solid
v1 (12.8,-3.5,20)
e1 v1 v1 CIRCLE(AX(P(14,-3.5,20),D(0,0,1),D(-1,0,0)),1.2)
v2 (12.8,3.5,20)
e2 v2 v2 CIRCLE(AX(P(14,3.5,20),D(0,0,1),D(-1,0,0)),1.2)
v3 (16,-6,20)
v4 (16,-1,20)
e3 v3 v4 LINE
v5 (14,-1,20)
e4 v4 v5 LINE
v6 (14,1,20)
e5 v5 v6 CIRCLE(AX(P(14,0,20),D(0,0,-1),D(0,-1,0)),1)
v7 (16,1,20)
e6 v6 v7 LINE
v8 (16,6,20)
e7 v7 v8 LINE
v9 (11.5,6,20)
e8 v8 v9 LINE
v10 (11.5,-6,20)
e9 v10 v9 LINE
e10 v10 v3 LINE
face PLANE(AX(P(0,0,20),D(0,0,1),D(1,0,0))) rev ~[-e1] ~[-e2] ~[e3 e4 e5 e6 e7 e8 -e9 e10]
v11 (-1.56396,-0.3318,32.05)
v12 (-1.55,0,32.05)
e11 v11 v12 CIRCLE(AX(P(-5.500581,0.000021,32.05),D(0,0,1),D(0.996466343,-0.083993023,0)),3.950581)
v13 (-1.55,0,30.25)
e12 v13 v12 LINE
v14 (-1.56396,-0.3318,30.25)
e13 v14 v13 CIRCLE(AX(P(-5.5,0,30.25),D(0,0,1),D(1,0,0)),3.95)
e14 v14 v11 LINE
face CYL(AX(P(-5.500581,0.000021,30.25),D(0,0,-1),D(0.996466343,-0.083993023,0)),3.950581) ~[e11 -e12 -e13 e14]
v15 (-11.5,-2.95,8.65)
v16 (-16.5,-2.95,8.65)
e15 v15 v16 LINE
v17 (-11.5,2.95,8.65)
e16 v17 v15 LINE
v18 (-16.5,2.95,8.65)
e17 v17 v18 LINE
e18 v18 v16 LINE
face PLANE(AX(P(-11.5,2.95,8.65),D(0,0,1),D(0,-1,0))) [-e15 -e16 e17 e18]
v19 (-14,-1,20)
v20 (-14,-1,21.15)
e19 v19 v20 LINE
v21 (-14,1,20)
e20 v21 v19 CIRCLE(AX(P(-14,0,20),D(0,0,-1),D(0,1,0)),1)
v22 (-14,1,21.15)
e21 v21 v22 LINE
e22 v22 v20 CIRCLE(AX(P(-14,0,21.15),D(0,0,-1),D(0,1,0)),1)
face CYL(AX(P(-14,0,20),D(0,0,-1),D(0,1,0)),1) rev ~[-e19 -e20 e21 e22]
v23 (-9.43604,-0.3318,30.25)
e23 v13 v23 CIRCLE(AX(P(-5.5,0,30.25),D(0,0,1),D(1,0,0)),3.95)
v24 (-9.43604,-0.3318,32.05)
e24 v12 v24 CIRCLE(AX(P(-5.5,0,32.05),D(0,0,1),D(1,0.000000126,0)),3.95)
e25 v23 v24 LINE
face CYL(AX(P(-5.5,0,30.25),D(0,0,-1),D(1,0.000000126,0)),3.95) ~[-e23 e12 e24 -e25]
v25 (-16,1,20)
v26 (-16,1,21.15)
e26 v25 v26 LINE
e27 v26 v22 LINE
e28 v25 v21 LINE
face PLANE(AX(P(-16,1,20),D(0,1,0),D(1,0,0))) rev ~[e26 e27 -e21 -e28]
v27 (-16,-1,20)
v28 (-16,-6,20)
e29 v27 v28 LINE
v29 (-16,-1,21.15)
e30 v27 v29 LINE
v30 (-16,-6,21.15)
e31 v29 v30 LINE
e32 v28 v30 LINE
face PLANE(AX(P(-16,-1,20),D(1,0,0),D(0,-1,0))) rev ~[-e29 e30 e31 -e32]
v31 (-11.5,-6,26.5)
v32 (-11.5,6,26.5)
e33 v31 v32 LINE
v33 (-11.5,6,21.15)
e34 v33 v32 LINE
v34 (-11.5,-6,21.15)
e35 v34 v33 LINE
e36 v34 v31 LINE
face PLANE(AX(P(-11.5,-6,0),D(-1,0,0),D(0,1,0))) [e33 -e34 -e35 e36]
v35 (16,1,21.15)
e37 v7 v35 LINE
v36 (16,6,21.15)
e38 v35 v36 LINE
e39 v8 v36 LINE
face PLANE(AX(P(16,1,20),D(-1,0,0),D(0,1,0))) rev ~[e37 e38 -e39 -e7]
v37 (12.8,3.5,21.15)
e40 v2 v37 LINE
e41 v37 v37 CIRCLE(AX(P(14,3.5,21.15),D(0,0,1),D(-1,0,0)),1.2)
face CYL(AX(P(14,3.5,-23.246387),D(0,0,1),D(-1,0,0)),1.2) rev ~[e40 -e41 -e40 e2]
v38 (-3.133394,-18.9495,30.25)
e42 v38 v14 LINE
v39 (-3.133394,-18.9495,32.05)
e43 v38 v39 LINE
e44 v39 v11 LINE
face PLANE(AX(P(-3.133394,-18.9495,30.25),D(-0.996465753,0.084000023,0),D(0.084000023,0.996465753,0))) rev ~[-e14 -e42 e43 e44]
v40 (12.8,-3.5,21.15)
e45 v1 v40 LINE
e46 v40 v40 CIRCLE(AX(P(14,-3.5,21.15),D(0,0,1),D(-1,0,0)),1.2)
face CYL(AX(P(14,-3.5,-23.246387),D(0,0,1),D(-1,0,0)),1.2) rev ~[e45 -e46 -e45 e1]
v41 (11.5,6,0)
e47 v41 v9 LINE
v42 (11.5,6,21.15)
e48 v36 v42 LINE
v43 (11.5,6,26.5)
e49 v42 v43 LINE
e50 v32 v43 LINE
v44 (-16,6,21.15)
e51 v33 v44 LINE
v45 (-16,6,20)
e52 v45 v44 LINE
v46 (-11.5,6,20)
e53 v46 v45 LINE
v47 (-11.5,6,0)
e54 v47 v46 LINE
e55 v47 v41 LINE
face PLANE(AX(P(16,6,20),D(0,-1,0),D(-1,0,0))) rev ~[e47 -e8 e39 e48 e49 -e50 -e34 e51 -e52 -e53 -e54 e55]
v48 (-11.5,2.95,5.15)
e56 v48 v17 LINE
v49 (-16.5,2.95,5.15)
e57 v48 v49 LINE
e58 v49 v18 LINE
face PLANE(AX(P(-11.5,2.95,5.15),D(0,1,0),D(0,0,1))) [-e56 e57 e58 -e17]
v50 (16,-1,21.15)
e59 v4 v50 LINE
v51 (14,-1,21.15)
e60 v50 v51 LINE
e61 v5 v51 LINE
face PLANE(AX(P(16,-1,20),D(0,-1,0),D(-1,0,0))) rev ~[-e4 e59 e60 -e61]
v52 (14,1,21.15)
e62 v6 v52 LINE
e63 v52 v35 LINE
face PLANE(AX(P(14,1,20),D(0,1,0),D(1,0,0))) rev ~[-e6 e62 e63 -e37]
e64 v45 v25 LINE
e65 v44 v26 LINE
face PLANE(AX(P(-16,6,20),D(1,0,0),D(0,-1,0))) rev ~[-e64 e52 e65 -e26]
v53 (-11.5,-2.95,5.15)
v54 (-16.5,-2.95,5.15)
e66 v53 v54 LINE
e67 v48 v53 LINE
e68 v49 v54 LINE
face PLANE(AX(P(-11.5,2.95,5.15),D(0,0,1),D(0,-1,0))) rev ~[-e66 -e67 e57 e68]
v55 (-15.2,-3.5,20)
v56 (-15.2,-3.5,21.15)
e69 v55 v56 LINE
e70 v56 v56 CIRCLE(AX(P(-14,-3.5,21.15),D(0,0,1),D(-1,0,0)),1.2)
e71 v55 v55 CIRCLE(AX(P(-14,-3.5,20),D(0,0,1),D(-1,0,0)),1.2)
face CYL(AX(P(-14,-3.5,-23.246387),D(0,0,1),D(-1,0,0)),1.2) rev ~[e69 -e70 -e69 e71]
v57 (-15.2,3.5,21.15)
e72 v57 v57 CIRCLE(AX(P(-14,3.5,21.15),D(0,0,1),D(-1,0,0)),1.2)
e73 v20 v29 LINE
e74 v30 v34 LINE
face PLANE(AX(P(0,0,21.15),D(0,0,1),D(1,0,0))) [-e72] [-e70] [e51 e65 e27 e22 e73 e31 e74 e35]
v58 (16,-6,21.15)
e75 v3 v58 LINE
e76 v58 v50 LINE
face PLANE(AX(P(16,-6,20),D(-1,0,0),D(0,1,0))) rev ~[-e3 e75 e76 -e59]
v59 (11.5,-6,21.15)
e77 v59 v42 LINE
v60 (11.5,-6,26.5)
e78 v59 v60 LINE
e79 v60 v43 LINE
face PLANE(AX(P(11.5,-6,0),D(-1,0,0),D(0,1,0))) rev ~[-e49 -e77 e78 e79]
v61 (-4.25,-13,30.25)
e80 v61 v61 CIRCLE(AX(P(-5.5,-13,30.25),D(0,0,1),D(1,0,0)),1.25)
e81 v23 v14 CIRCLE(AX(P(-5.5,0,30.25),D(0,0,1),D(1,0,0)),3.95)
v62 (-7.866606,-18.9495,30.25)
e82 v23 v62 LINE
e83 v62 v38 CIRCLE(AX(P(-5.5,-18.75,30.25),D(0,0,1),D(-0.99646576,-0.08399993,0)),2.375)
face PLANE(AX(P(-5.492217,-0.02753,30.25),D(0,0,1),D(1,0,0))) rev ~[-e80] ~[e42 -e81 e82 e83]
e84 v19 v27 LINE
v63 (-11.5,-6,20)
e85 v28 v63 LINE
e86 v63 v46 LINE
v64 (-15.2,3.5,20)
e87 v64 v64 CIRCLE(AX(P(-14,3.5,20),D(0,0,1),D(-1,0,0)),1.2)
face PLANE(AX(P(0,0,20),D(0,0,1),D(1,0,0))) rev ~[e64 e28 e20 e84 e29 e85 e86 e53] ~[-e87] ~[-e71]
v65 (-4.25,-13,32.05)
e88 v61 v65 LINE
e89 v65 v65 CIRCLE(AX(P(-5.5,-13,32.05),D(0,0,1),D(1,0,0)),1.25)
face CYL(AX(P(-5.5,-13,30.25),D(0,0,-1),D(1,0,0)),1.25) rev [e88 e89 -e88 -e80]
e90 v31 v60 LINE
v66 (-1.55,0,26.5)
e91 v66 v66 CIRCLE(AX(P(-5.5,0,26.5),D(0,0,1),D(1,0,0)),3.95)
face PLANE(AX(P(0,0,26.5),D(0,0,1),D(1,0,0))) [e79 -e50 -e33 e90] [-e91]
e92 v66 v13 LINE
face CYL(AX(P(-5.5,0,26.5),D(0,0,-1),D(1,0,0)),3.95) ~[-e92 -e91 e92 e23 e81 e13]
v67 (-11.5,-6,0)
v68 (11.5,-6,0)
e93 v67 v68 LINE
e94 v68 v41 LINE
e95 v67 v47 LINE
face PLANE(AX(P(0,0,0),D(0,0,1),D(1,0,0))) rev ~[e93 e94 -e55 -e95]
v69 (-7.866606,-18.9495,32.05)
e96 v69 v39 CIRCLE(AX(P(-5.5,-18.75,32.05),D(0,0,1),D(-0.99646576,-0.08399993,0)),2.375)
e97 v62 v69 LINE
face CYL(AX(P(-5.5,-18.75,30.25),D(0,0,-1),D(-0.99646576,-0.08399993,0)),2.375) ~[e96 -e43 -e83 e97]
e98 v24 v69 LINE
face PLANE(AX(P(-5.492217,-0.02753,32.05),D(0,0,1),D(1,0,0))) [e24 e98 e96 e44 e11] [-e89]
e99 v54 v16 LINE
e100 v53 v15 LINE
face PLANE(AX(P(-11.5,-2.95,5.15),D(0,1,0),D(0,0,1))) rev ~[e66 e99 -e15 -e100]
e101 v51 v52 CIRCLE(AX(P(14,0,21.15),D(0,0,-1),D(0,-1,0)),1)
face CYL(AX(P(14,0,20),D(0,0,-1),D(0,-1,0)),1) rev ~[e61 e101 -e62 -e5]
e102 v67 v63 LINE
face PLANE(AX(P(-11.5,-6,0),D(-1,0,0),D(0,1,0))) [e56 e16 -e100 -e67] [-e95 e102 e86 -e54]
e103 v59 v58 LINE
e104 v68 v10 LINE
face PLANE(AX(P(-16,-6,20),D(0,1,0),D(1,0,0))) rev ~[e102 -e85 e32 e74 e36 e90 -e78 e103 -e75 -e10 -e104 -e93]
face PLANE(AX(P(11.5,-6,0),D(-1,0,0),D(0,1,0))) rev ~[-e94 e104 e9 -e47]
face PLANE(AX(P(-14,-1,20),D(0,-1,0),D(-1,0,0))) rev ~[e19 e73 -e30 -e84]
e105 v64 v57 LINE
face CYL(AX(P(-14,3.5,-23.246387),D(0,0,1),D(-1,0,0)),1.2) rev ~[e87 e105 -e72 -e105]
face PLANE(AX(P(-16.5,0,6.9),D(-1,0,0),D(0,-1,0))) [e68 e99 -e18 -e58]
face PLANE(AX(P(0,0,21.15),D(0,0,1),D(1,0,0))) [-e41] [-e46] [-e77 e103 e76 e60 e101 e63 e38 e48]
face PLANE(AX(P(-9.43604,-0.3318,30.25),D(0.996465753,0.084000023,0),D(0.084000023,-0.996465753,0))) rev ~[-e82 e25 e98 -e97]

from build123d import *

# Parameters (mm, degrees)
F0_W      = 23
F0_H      = 12
F1_DEPTH  = 26.5
F4_DEPTH  = 1.15
F5_D      = 2.4
F6_R      = 3.95
F7_DEPTH  = 3.75
F8_R      = 1.25
F9_DEPTH  = 1.8
F10_W     = 5.9
F10_H     = 3.5
F11_DEPTH = 5


with BuildPart() as f1:
    # F0 (on Top) → F1 (new body)
    with BuildSketch(Plane.XY):
        Rectangle(F0_W, F0_H)
    extrude(amount=F1_DEPTH)

    # F3 (on offset) → F4 (join)
    with BuildSketch(Plane.XY.offset(20)):
        with BuildLine():
            Line((16, 1), (16, 6))
            Line((16, 6), (-16, 6))
            Line((-16, 6), (-16, 1))
            Line((-16, 1), (-14, 1))
            ThreePointArc((-14, 1), (-13, 0), (-14, -1))
            Line((-14, -1), (-16, -1))
            Line((-16, -1), (-16, -6))
            Line((-16, -6), (16, -6))
            Line((16, -6), (16, -1))
            Line((16, -1), (14, -1))
            ThreePointArc((14, -1), (13, 0), (14, 1))
            Line((14, 1), (16, 1))
        make_face()
    extrude(amount=F4_DEPTH)

    # F5 (through all)
    with Locations(Plane(origin=(0, 0, 20), x_dir=(1, 0, 0), z_dir=(0, 0, -1))):
        with Locations((-14, 3.5), (-14, -3.5), (14, 3.5), (14, -3.5)):
            Hole(F5_D / 2)

    # F6 (on face) → F7 (join)
    with BuildSketch(Plane.XY.offset(26.5)):
        with Locations((-5.5, 0)):
            Circle(F6_R)
    extrude(amount=F7_DEPTH)

    # F8 (on face) → F9 (join)
    with BuildSketch(Plane.XY.offset(30.25)):
        with BuildLine():
            ThreePointArc((-1.56396, -0.3318), (-1.553492, -0.166047), (-1.55, 0))
            ThreePointArc((-1.55, 0), (-5.666047, 3.946508), (-9.43604, -0.3318))
            ThreePointArc((-9.43604, -0.3318), (-5.5, -3.95), (-1.56396, -0.3318))
        make_face()
        with BuildLine():
            ThreePointArc((-1.56396, -0.3318), (-5.5, -3.95), (-9.43604, -0.3318))
            Line((-9.43604, -0.3318), (-7.866606, -18.9495))
            ThreePointArc((-7.866606, -18.9495), (-5.599838, -16.377099), (-3.125, -18.75))
            ThreePointArc((-3.125, -18.75), (-3.127099, -18.849838), (-3.133394, -18.9495))
            Line((-3.133394, -18.9495), (-1.56396, -0.3318))
        make_face()
        with Locations((-5.5, -13)):
            Circle(F8_R, mode=Mode.SUBTRACT)
        with BuildLine():
            ThreePointArc((-3.125, -18.75), (-5.599838, -16.377099), (-7.866606, -18.9495))
            ThreePointArc((-7.866606, -18.9495), (-5.5, -21.125), (-3.133394, -18.9495))
            ThreePointArc((-3.133394, -18.9495), (-3.127099, -18.849838), (-3.125, -18.75))
        make_face()
    extrude(amount=F9_DEPTH)

    # F10 (on face) → F11 (join)
    with BuildSketch(Plane(origin=(-11.5, 0, 0), x_dir=(0, -1, 0), z_dir=(-1, 0, 0))):
        with Locations((0, 6.9)):
            Rectangle(F10_W, F10_H)
    extrude(amount=F11_DEPTH)


solid = f1.part
